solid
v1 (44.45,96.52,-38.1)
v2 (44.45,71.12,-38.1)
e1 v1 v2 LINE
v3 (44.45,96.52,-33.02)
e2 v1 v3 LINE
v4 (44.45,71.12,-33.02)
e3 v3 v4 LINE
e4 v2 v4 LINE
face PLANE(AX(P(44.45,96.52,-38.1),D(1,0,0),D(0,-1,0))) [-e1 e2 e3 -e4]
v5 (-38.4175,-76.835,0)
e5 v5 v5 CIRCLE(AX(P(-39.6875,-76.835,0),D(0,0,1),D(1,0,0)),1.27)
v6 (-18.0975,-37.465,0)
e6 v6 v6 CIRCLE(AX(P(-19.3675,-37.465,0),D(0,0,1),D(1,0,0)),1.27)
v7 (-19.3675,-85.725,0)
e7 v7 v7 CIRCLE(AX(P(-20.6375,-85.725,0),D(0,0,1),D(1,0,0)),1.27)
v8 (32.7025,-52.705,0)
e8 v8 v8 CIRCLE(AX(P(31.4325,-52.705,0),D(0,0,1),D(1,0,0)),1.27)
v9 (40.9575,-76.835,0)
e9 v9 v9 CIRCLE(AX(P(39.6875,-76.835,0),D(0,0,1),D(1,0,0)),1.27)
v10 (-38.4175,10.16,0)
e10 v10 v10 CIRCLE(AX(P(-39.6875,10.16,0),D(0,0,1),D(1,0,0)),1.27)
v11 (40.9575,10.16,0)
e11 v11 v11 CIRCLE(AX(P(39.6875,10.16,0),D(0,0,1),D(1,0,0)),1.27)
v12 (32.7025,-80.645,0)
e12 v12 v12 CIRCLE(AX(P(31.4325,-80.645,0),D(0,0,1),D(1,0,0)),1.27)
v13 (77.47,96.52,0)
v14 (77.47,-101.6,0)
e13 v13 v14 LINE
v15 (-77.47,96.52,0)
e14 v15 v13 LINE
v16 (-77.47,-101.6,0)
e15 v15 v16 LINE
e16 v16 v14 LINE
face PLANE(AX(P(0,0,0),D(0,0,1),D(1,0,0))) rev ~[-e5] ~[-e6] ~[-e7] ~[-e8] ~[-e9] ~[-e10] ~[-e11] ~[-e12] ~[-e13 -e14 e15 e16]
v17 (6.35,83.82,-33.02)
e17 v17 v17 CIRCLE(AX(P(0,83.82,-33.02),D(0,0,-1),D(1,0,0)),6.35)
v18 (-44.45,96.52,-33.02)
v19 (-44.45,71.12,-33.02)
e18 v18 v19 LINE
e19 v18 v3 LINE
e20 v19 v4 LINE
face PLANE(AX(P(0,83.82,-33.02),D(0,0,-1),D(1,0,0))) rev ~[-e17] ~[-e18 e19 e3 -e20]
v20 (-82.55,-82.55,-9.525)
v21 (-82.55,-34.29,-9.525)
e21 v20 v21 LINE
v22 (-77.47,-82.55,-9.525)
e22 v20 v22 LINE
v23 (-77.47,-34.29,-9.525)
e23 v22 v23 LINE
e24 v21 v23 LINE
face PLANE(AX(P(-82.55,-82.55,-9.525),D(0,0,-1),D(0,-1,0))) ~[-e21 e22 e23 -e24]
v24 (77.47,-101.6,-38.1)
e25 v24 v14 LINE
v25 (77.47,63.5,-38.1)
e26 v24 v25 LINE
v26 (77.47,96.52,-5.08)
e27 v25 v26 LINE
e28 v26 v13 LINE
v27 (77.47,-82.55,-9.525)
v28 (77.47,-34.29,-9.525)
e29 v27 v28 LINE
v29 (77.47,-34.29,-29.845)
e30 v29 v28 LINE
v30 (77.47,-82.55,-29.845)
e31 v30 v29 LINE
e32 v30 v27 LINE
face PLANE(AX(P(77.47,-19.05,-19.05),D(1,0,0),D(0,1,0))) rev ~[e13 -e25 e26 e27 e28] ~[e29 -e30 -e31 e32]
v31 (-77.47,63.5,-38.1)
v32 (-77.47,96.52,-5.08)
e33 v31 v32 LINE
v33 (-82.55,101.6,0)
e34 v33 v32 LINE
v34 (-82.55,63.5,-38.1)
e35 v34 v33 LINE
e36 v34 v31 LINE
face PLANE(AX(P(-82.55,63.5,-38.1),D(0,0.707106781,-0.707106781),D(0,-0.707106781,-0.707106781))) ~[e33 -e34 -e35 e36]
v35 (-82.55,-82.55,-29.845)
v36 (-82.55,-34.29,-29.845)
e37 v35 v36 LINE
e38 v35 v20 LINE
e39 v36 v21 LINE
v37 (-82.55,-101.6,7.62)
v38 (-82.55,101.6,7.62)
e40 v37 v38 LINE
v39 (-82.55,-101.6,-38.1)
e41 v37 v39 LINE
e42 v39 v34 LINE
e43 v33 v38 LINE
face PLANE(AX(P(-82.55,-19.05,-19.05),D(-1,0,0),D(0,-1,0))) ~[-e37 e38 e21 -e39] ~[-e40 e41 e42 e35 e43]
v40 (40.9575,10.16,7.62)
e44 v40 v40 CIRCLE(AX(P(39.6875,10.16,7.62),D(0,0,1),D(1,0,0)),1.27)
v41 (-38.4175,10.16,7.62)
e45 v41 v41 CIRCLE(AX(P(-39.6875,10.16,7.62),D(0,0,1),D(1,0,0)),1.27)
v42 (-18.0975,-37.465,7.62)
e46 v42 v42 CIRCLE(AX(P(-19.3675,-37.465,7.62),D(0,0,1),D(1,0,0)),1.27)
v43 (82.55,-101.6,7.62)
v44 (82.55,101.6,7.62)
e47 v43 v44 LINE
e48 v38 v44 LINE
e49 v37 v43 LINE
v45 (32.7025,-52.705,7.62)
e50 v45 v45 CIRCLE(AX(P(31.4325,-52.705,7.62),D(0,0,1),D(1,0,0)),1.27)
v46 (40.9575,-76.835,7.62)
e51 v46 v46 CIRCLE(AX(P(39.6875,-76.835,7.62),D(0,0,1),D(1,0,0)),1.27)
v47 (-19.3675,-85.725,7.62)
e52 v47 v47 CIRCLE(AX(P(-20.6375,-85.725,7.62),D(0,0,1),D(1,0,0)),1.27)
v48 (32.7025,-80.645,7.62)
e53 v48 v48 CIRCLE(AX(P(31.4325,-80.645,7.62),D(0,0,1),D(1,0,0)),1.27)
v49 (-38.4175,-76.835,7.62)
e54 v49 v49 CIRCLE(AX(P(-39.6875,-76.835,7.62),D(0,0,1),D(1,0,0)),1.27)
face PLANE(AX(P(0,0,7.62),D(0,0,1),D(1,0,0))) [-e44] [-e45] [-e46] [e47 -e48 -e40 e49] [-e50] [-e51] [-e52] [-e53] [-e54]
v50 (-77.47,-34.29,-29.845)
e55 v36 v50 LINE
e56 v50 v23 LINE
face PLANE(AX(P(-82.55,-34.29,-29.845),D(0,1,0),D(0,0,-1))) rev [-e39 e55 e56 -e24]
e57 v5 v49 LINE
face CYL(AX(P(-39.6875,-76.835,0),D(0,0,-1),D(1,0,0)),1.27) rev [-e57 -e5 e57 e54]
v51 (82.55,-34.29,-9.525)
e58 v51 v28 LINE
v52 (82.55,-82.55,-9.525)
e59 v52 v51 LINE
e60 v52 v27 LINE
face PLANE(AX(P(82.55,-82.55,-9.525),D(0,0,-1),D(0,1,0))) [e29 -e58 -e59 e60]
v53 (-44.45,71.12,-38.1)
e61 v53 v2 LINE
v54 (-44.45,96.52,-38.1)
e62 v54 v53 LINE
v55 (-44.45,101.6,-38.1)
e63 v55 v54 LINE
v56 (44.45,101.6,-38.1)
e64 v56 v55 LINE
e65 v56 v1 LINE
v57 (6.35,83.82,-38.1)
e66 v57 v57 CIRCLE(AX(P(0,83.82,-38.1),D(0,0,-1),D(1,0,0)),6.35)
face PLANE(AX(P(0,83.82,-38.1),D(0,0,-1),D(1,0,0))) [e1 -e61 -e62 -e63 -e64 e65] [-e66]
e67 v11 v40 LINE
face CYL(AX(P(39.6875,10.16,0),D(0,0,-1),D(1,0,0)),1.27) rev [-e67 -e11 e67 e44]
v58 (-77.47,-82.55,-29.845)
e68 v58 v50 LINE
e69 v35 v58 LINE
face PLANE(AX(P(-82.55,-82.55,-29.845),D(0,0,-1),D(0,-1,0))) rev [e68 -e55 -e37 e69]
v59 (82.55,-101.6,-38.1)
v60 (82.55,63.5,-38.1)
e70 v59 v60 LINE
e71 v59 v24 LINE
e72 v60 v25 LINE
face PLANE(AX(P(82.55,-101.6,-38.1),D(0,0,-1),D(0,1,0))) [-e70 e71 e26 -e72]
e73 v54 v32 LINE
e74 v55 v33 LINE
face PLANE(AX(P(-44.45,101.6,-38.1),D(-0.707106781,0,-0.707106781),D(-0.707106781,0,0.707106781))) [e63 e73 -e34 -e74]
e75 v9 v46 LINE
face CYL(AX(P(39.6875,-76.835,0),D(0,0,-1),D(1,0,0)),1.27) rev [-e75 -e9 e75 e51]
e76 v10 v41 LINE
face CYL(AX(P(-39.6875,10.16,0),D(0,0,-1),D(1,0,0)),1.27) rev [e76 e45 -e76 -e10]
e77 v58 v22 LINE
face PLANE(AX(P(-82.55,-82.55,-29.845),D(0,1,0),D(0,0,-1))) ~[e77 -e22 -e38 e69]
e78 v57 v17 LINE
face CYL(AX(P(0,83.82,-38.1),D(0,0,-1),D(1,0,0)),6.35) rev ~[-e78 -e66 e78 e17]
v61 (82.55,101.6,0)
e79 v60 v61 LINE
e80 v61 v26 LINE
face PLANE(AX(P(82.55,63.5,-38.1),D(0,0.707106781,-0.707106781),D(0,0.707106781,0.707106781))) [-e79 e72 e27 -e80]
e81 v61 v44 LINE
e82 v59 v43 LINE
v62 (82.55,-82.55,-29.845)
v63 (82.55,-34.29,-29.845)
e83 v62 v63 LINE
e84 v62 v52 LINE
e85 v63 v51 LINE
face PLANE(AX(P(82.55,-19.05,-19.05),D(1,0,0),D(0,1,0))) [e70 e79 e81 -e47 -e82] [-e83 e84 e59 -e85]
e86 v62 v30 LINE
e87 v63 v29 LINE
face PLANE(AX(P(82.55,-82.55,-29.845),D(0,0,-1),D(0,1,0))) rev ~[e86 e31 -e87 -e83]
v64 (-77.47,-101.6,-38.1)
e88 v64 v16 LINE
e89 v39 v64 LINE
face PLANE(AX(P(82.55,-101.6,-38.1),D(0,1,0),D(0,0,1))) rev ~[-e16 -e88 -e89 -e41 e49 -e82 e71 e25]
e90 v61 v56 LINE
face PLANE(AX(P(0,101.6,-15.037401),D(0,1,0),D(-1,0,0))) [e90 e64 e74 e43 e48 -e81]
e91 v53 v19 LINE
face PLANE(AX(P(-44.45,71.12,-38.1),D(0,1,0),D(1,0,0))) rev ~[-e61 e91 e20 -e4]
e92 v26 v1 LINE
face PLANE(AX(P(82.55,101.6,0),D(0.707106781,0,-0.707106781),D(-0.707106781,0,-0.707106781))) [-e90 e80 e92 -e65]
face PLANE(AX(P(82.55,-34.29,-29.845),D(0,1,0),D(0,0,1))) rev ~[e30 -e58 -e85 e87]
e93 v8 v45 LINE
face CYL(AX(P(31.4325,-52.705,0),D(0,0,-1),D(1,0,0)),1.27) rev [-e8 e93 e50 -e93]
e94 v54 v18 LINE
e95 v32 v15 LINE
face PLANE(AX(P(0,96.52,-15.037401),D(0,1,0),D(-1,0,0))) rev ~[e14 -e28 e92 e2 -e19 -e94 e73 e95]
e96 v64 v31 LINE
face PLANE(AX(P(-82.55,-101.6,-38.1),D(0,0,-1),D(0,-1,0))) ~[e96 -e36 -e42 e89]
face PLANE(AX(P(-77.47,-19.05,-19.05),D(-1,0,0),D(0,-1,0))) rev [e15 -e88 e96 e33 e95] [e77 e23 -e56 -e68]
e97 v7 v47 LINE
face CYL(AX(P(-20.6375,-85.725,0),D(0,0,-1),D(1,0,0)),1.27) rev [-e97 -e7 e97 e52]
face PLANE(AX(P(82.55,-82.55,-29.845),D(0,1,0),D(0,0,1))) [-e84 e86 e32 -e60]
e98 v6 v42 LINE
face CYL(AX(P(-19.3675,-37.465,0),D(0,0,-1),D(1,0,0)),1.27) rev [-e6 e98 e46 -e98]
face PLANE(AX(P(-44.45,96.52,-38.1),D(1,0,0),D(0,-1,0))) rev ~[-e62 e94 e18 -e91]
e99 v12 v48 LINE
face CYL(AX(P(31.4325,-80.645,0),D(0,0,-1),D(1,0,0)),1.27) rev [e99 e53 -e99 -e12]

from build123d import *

# Parameters (mm, degrees)
F0_W     = 165.1
F0_H     = 203.2
F0_R     = 1.27
F1_DEPTH = 7.62
F2_W     = 165.1
F2_H     = 38.1
F2_W_2   = 48.26
F2_H_2   = 20.32
F3_DEPTH = 5.08
F6_DEPTH = 5.08
F7_W     = 88.9
F7_H     = 25.4
F7_R     = 6.35
F8_DEPTH = 5.08


with BuildPart() as f1:
    # F0 (on Top) → F1 (new body)
    with BuildSketch(Plane.XY):
        Rectangle(F0_W, F0_H)
        with Locations((-39.6875, -76.835)):
            Circle(F0_R, mode=Mode.SUBTRACT)
        with Locations((-20.6375, -85.725)):
            Circle(F0_R, mode=Mode.SUBTRACT)
        with Locations((-19.3675, -37.465)):
            Circle(F0_R, mode=Mode.SUBTRACT)
        with Locations((31.4325, -80.645)):
            Circle(F0_R, mode=Mode.SUBTRACT)
        with Locations((39.6875, -76.835)):
            Circle(F0_R, mode=Mode.SUBTRACT)
        with Locations((31.4325, -52.705)):
            Circle(F0_R, mode=Mode.SUBTRACT)
        with Locations((-39.6875, 10.16)):
            Circle(F0_R, mode=Mode.SUBTRACT)
        with Locations((39.6875, 10.16)):
            Circle(F0_R, mode=Mode.SUBTRACT)
    extrude(amount=F1_DEPTH)

    # F4: F3 across plane


with BuildPart() as f3:
    # F2 (on face) → F3 (new body)
    with BuildSketch(Plane.YZ.offset(82.55)):
        with Locations((-19.05, -19.05)):
            Rectangle(F2_W, F2_H)
        with Locations((-58.42, -19.685)):
            Rectangle(F2_W_2, F2_H_2, mode=Mode.SUBTRACT)
        Polygon((101.6, 0), (63.5, 0), (63.5, -38.1), align=None)
    extrude(amount=-F3_DEPTH)


with BuildPart() as f1_1:
    add(f1.part)
    add(f3.part.mirror(Plane.YZ))


    add(f3.part)  # F6 merges F3
    # F5 (on face) → F6 (join)
    with BuildSketch(Plane(origin=(0, 101.6, 0), x_dir=(-1, 0, 0), z_dir=(0, 1, 0))):
        Polygon((77.47, 0), (-82.55, 0), (-44.45, -38.1), (44.45, -38.1), (82.55, 0), align=None)
    extrude(amount=-F6_DEPTH)

    # F7 (on face) → F8 (join)
    with BuildSketch(Plane(origin=(0, 0, -38.1), x_dir=(1, 0, 0), z_dir=(0, 0, -1))):
        with Locations((0, -83.82)):
            Rectangle(F7_W, F7_H)
        with Locations((0, -83.82)):
            Circle(F7_R, mode=Mode.SUBTRACT)
    extrude(amount=-F8_DEPTH)


solid = f1_1.part
